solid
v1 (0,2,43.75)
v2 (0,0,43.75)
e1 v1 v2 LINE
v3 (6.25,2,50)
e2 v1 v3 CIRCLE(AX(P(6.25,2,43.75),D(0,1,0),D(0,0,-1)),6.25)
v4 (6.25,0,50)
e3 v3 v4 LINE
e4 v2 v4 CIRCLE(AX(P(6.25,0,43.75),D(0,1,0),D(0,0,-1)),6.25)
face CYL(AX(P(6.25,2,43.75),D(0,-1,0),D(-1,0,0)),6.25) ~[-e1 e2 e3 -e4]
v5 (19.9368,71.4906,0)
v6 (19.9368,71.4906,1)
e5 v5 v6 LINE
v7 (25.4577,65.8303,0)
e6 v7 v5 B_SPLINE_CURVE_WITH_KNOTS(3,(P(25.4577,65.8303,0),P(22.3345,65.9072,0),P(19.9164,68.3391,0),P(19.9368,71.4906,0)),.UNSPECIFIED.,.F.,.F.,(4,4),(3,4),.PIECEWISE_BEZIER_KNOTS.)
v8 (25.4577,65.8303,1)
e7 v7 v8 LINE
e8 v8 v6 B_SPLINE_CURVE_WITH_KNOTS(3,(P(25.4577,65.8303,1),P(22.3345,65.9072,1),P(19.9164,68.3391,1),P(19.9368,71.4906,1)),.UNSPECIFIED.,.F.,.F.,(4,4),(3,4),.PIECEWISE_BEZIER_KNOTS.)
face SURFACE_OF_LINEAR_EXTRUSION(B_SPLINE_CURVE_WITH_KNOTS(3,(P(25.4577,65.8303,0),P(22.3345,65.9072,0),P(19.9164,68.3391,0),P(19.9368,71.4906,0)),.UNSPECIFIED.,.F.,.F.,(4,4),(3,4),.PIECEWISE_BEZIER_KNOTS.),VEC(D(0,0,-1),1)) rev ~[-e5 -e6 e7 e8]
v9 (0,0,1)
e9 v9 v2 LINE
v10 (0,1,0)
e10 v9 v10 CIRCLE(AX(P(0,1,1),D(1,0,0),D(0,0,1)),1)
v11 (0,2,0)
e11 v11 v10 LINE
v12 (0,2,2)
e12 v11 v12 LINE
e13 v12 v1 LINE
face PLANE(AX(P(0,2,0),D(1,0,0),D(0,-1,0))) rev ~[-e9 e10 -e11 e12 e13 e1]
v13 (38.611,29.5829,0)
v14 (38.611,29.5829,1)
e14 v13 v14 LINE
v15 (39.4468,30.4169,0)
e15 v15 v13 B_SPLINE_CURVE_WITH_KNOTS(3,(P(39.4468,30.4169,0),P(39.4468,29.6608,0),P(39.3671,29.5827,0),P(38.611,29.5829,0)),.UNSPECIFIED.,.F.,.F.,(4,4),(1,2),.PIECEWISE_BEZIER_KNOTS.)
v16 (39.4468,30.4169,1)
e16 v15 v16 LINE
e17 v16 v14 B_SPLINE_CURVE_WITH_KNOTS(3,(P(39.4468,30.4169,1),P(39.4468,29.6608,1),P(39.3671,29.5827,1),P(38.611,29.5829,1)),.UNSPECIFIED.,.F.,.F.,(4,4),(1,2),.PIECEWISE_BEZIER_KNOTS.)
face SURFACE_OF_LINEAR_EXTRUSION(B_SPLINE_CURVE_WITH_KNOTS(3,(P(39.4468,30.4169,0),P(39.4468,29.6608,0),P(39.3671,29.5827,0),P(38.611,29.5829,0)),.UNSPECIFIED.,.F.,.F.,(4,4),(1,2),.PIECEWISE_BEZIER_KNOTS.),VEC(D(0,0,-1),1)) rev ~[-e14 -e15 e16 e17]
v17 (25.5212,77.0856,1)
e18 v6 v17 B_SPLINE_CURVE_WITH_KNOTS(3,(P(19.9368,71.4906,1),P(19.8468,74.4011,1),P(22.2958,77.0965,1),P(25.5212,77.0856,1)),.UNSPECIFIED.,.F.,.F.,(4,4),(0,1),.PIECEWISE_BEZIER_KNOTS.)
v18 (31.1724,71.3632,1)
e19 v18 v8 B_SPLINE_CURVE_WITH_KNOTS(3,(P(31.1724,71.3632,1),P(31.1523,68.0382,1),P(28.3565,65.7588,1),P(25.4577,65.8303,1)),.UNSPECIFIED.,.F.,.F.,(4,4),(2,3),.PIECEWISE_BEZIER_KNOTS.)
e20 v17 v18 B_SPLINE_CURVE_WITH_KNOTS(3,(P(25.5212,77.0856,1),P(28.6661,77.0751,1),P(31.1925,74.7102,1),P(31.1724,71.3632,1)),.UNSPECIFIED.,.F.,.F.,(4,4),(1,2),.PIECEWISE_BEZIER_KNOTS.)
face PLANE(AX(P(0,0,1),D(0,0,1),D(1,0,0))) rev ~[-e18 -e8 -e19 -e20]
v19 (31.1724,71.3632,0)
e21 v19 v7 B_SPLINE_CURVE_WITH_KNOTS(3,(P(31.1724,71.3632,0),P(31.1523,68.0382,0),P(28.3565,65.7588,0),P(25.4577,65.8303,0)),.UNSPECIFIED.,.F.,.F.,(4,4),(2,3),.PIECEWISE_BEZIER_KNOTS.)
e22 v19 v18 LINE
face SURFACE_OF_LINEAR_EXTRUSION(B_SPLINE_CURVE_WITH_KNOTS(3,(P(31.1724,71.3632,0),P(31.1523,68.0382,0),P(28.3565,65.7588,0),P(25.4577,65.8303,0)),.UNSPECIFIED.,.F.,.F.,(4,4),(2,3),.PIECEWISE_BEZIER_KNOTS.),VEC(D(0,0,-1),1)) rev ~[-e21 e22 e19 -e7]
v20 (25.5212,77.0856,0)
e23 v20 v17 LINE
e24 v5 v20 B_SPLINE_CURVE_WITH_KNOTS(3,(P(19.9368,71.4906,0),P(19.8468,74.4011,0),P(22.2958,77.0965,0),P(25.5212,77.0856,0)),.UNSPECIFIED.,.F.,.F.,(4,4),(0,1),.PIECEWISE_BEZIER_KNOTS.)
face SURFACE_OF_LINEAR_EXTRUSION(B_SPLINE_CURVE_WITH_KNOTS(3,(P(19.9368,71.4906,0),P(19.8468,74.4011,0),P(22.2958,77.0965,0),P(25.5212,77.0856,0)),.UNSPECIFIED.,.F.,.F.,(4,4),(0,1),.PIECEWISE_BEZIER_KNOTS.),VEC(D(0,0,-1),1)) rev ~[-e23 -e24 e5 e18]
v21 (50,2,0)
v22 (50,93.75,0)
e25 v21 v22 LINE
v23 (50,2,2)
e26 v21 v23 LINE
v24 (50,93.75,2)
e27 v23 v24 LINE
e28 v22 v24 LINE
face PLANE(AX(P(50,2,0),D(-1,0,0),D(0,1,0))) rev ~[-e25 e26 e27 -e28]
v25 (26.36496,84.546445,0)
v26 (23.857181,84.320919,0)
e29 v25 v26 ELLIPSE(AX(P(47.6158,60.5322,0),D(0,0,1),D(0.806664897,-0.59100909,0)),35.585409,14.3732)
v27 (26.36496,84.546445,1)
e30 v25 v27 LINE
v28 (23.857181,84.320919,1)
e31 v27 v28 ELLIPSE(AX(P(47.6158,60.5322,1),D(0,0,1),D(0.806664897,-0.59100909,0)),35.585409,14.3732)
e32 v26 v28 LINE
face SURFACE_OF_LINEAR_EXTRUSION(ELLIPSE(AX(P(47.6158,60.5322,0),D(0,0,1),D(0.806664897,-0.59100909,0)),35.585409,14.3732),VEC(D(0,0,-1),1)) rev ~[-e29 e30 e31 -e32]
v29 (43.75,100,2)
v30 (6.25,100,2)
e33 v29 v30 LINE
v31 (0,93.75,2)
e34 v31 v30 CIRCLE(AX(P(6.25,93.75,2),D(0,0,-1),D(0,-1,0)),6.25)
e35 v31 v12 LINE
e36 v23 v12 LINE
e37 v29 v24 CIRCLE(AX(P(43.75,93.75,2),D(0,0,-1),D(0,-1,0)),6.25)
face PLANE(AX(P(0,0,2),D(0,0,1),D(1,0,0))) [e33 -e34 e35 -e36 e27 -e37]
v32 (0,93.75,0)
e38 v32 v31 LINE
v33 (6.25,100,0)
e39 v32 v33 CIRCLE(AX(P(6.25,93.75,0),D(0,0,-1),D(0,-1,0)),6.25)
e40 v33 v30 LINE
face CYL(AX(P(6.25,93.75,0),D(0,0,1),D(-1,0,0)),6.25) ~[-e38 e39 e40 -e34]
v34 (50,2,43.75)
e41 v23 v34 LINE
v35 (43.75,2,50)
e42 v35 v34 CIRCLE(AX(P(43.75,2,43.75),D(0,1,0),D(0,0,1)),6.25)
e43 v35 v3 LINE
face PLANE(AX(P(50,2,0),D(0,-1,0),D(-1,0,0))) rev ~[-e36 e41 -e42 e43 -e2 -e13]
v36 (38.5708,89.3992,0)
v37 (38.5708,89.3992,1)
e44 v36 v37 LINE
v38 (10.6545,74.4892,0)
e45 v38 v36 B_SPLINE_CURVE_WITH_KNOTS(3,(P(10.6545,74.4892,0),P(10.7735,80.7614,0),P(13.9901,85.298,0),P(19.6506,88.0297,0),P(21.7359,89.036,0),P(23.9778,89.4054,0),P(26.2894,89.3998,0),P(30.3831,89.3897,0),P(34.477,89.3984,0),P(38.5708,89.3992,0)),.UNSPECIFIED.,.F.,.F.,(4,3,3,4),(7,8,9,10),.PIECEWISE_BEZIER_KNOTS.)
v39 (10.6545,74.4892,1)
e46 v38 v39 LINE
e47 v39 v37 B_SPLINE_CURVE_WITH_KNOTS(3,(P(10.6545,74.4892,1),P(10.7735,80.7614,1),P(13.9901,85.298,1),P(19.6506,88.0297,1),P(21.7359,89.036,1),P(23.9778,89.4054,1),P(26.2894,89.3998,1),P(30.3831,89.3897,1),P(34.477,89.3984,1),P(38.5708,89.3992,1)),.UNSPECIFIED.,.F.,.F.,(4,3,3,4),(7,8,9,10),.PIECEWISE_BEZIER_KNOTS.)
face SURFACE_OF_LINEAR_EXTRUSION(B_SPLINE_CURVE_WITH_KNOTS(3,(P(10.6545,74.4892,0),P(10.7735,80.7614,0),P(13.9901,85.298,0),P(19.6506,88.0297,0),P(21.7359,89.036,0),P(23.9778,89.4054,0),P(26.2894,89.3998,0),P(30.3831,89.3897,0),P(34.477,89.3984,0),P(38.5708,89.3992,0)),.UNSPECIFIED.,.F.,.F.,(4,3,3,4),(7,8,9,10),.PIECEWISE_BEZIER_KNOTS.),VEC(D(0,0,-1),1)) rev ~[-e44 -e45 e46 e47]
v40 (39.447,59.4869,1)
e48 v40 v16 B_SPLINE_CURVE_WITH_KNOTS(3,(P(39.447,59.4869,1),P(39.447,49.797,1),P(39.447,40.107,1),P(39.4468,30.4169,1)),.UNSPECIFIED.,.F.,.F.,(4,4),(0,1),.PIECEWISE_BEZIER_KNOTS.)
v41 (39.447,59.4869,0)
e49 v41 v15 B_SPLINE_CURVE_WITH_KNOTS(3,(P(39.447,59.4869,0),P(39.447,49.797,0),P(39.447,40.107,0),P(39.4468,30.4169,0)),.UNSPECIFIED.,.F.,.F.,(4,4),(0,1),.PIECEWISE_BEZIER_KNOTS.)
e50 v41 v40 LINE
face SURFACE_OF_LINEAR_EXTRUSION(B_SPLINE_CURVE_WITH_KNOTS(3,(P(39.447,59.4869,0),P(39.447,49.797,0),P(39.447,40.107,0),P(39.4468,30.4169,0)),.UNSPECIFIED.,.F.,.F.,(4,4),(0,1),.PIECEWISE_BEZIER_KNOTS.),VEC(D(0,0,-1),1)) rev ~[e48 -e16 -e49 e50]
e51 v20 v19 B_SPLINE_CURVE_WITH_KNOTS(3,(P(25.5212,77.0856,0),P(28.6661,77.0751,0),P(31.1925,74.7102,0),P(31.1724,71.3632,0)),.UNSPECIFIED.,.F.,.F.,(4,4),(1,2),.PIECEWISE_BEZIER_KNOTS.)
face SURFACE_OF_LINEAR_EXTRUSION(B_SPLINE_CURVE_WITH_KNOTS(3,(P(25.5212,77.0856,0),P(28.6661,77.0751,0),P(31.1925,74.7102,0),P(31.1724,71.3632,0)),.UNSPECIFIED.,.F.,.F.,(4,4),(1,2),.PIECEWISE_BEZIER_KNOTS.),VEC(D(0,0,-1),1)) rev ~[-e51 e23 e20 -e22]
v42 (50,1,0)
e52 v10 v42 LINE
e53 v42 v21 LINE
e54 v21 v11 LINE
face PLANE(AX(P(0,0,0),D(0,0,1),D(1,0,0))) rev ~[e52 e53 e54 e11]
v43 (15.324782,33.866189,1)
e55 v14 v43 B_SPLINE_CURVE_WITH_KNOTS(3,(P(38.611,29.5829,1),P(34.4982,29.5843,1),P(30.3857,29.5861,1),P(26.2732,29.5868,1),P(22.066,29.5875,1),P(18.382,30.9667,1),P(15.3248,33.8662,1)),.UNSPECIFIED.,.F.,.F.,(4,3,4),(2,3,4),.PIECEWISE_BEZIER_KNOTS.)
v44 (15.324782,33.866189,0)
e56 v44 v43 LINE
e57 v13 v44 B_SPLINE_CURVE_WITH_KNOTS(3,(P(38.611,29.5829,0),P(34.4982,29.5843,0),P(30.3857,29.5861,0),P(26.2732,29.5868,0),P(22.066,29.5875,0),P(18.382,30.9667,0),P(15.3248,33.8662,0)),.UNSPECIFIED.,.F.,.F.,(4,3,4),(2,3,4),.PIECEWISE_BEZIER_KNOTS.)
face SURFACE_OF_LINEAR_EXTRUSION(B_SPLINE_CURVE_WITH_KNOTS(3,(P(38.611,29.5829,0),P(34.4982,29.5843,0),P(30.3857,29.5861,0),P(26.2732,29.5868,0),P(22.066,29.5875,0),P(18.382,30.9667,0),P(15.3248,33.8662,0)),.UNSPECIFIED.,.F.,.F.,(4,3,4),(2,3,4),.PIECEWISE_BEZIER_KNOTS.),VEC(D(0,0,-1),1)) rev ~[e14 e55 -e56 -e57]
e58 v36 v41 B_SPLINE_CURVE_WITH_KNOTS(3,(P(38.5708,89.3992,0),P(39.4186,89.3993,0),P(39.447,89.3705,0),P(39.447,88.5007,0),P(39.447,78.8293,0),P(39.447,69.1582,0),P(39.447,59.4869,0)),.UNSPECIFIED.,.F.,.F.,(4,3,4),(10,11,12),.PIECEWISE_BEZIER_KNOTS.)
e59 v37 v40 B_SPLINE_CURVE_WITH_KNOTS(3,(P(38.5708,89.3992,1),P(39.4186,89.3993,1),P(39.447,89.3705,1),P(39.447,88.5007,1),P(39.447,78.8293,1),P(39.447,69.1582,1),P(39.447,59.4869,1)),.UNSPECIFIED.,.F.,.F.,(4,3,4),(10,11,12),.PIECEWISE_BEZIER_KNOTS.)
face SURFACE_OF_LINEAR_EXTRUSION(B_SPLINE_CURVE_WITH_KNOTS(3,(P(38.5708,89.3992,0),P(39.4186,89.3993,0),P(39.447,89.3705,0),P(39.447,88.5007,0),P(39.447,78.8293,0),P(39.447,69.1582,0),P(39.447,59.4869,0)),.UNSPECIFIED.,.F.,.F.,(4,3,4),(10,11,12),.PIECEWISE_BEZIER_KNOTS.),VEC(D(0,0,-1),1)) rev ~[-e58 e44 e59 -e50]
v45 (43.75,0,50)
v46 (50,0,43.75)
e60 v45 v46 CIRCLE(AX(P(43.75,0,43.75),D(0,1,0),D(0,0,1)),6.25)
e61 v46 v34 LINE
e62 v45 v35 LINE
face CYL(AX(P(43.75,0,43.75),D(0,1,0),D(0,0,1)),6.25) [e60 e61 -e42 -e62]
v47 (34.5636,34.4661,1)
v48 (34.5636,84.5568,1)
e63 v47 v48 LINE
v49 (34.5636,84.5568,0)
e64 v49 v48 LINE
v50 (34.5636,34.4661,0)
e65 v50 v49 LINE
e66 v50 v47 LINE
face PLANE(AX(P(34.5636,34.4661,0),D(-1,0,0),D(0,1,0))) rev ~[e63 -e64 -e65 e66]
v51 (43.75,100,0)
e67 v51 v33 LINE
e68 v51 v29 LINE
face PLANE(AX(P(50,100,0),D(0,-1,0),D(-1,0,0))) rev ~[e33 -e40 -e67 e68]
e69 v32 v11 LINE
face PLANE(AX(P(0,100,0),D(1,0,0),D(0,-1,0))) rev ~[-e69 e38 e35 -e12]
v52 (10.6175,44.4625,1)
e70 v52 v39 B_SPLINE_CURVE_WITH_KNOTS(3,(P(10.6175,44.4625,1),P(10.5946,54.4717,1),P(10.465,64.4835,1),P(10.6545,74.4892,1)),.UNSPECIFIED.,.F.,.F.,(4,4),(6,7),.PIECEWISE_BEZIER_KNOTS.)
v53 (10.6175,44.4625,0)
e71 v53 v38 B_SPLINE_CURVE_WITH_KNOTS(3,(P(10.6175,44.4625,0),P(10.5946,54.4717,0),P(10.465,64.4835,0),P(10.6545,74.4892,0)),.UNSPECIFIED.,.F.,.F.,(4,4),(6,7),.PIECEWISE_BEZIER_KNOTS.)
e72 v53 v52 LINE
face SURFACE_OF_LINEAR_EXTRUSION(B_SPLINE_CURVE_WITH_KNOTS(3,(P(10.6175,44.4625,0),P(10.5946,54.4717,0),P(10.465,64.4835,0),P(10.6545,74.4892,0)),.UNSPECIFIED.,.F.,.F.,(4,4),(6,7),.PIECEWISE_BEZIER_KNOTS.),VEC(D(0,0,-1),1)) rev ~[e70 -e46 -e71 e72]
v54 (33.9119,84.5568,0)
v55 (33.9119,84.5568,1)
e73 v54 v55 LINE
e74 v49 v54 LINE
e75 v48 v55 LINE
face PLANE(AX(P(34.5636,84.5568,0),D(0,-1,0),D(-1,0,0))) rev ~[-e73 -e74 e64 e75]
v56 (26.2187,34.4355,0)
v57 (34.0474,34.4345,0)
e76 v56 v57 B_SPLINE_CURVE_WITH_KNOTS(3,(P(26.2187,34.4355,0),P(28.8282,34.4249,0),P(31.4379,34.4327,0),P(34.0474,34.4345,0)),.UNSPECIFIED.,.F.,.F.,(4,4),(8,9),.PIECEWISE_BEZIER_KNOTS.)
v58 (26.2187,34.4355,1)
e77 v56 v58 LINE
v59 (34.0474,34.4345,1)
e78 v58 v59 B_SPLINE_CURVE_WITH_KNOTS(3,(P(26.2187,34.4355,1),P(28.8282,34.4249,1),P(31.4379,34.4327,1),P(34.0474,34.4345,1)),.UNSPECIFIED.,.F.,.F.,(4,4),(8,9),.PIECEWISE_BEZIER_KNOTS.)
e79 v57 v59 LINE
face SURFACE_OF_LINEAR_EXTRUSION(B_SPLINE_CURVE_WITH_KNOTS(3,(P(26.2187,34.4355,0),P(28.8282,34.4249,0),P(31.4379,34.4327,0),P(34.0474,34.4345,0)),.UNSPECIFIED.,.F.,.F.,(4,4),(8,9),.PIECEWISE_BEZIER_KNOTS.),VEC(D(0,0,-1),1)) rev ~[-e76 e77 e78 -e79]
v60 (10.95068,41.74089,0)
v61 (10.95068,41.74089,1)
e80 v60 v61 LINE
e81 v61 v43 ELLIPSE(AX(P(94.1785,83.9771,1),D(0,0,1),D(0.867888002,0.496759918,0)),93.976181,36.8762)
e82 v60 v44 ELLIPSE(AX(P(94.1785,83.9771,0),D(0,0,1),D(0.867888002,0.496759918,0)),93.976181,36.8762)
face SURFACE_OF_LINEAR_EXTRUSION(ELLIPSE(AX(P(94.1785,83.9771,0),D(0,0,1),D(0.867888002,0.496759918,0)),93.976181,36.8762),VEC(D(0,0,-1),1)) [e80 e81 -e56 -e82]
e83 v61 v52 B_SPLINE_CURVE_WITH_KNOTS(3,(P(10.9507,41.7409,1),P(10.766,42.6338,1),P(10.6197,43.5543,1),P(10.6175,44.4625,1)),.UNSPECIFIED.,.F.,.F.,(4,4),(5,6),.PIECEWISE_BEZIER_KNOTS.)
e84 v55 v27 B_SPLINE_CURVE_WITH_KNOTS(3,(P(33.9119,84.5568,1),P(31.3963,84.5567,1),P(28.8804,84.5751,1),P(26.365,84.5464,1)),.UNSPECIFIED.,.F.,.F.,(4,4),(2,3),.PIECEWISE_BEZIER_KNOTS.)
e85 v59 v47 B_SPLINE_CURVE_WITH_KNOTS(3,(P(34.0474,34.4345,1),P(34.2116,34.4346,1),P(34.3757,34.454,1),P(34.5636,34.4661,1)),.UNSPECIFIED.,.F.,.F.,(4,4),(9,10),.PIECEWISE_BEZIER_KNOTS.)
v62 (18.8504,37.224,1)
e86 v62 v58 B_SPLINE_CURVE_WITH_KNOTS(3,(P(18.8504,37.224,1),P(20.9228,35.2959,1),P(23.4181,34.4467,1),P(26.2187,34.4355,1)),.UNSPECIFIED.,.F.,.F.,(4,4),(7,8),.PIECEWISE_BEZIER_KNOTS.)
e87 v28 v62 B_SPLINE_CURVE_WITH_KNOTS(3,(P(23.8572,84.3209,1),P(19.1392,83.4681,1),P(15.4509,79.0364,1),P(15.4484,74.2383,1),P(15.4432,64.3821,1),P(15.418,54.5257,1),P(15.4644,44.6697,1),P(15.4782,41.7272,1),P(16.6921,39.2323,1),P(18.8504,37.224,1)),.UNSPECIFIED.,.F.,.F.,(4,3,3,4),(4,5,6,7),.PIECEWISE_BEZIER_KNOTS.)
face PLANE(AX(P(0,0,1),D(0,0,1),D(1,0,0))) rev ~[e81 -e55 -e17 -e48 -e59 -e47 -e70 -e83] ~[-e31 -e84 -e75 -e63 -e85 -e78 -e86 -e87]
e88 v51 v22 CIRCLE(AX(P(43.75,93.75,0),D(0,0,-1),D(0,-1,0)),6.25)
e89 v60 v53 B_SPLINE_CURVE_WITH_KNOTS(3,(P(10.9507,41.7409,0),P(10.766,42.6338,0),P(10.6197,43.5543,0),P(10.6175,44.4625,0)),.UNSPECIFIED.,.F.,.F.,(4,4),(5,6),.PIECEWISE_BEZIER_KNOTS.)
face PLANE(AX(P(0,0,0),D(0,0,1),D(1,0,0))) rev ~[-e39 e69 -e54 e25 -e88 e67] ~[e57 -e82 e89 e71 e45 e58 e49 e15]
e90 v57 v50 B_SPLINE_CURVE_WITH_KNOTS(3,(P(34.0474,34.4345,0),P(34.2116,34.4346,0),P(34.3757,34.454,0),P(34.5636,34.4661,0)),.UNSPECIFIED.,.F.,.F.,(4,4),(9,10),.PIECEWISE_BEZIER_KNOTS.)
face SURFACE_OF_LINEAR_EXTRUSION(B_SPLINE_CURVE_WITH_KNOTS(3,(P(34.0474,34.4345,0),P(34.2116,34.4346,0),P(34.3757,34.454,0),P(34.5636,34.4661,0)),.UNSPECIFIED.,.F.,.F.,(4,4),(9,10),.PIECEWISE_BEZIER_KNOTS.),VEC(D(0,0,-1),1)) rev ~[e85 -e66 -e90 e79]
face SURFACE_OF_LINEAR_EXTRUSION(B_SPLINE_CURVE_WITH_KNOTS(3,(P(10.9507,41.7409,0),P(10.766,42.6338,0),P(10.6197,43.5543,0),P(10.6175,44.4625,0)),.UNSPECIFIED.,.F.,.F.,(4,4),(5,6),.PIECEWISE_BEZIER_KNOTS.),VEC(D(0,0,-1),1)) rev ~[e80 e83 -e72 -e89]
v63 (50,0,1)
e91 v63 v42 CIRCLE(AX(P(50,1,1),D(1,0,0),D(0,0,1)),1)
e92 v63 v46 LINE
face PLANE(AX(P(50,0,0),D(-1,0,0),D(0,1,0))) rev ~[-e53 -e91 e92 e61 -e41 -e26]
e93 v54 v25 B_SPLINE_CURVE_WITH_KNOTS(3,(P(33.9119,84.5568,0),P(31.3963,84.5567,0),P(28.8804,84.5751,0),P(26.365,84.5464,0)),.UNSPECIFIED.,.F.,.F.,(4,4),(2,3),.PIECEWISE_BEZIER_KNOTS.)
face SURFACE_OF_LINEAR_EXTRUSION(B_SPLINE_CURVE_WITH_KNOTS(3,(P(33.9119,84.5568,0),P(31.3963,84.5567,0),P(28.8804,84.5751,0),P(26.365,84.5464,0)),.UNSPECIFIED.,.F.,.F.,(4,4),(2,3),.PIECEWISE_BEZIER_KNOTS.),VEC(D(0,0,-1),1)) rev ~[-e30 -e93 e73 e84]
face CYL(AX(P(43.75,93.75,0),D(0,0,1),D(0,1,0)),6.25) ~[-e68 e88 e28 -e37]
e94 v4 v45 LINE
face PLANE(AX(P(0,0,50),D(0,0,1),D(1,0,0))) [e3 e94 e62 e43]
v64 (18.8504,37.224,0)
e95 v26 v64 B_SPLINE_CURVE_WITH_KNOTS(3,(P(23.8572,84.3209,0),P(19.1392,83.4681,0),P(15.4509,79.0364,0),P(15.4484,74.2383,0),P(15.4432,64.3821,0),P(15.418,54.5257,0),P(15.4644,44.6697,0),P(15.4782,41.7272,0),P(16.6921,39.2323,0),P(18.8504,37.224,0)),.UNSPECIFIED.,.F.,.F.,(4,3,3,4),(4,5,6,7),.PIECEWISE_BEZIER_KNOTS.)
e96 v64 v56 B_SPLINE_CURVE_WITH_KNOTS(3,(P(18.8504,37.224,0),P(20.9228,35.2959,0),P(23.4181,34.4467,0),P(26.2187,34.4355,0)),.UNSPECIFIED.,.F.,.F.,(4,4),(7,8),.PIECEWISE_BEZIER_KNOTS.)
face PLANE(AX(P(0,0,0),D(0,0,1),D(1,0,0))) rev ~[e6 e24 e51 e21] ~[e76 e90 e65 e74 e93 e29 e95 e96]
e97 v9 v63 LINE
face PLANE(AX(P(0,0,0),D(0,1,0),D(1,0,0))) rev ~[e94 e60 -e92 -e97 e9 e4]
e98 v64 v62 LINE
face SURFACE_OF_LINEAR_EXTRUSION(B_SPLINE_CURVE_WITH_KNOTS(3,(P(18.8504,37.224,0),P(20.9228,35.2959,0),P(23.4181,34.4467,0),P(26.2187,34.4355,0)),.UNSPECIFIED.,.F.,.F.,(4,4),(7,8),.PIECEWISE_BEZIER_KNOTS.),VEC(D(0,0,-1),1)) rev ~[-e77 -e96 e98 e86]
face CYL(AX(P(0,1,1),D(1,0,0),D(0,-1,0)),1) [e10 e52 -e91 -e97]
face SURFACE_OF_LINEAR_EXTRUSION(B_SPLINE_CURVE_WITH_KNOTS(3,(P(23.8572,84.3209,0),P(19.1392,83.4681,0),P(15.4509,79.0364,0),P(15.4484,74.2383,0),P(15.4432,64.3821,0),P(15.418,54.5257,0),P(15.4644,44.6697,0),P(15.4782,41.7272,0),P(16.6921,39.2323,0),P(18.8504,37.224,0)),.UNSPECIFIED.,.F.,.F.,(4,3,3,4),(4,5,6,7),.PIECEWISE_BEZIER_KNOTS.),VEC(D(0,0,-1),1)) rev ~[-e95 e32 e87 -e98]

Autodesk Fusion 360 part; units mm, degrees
sketch "Sketch1" plane through (0, 0, 0) normal (0, 0, 1) x (1, 0, 0)
  line L0 (0, 0) -> (50, 0)
  line L1 (50, 0) -> (50, 100)
  line L2 (50, 100) -> (0, 100)
  line L3 (0, 100) -> (0, 0)
  line L4 (0, 0) -> (50, 0)
  line L5 (50, 0) -> (50, 2)
  line L6 (50, 2) -> (0, 2)
  line L7 (0, 2) -> (0, 0)
  line L8 (34.5636, 34.4661) -> (34.5636, 84.5568)
  line L9 (34.5636, 84.5568) -> (33.9119, 84.5568)
  spline S0 degree 3 poles (33.9119, 84.5568) (31.3963, 84.5567) (28.8804, 84.5751) (26.365, 84.5464) knots 2 2 2 2 3 3 3 3
  ellipse E0 centre (47.6158, 60.5322) end of major axis (76.3213, 39.5009) minor radius 14.3732 (26.365, 84.5464) -> (23.8572, 84.3209) ccw
  spline S1 degree 3 poles (23.8572, 84.3209) (19.1392, 83.4681) (15.4509, 79.0364) (15.4484, 74.2383) (15.4432, 64.3821) (15.418, 54.5257) (15.4644, 44.6697) (15.4782, 41.7272) (16.6921, 39.2323) (18.8504, 37.224) knots 4 4 4 4 5 5 5 6 6 6 7 7 7 7
  spline S2 degree 3 poles (18.8504, 37.224) (20.9228, 35.2959) (23.4181, 34.4467) (26.2187, 34.4355) knots 7 7 7 7 8 8 8 8
  spline S3 degree 3 poles (26.2187, 34.4355) (28.8282, 34.4249) (31.4379, 34.4327) (34.0474, 34.4345) knots 8 8 8 8 9 9 9 9
  spline S4 degree 3 poles (34.0474, 34.4345) (34.2116, 34.4346) (34.3757, 34.454) (34.5636, 34.4661) knots 9 9 9 9 10 10 10 10
  spline S5 degree 3 poles (39.447, 59.4869) (39.447, 49.797) (39.447, 40.107) (39.4468, 30.4169) knots 0 0 0 0 1 1 1 1
  spline S6 degree 3 poles (39.4468, 30.4169) (39.4468, 29.6608) (39.3671, 29.5827) (38.611, 29.5829) knots 1 1 1 1 2 2 2 2
  spline S7 degree 3 poles (38.611, 29.5829) (34.4982, 29.5843) (30.3857, 29.5861) (26.2732, 29.5868) (22.066, 29.5875) (18.382, 30.9667) (15.3248, 33.8662) knots 2 2 2 2 3 3 3 4 4 4 4
  ellipse E1 centre (94.1785, 83.9771) end of major axis (175.7393, 130.6607) minor radius 36.8762 (10.9507, 41.7409) -> (15.3248, 33.8662) ccw
  spline S8 degree 3 poles (10.9507, 41.7409) (10.766, 42.6338) (10.6197, 43.5543) (10.6175, 44.4625) knots 5 5 5 5 6 6 6 6
  spline S9 degree 3 poles (10.6175, 44.4625) (10.5946, 54.4717) (10.465, 64.4835) (10.6545, 74.4892) knots 6 6 6 6 7 7 7 7
  spline S10 degree 3 poles (10.6545, 74.4892) (10.7735, 80.7614) (13.9901, 85.298) (19.6506, 88.0297) (21.7359, 89.036) (23.9778, 89.4054) (26.2894, 89.3998) (30.3831, 89.3897) (34.477, 89.3984) (38.5708, 89.3992) knots 7 7 7 7 8 8 8 9 9 9 10 10 10 10
  spline S11 degree 3 poles (38.5708, 89.3992) (39.4186, 89.3993) (39.447, 89.3705) (39.447, 88.5007) (39.447, 78.8293) (39.447, 69.1582) (39.447, 59.4869) knots 10 10 10 10 11 11 11 12 12 12 12
  spline S12 degree 3 poles (19.9368, 71.4906) (19.8468, 74.4011) (22.2958, 77.0965) (25.5212, 77.0856) knots 0 0 0 0 1 1 1 1
  spline S13 degree 3 poles (25.5212, 77.0856) (28.6661, 77.0751) (31.1925, 74.7102) (31.1724, 71.3632) knots 1 1 1 1 2 2 2 2
  spline S14 degree 3 poles (31.1724, 71.3632) (31.1523, 68.0382) (28.3565, 65.7588) (25.4577, 65.8303) knots 2 2 2 2 3 3 3 3
  spline S15 degree 3 poles (25.4577, 65.8303) (22.3345, 65.9072) (19.9164, 68.3391) (19.9368, 71.4906) knots 3 3 3 3 4 4 4 4
  dimension "d1" = 50
  dimension "d2" = 100
  dimension "d3" = 2
extrude "Extrude1" add sketch "Sketch1" along normal blind 2 contours L1 L2 L3 L6 | L8 L9 S0 E0 S1 S2 S3 S4 | S5 S6 S7 E1 S8 S9 S10 S11 | S12 S13 S14 S15
extrude "Extrude2" cut sketch "Sketch1" along normal blind 1 contours S5 S6 S7 E1 S8 S9 S10 S11 | S12 S13 S14 S15
extrude "Extrude3" add sketch "Sketch1" along normal blind 50 contours L0 L1 L3 L4 L5 L6 L7
fillet "Fillet1" radius 6.25 2 edges at (0, 100, 1) (50, 100, 1)
fillet "Fillet2" radius 6.25 2 edges at (0, 1, 50) (50, 1, 50)
fillet "Fillet3" radius 1 1 edges at (25, 0, 0)
